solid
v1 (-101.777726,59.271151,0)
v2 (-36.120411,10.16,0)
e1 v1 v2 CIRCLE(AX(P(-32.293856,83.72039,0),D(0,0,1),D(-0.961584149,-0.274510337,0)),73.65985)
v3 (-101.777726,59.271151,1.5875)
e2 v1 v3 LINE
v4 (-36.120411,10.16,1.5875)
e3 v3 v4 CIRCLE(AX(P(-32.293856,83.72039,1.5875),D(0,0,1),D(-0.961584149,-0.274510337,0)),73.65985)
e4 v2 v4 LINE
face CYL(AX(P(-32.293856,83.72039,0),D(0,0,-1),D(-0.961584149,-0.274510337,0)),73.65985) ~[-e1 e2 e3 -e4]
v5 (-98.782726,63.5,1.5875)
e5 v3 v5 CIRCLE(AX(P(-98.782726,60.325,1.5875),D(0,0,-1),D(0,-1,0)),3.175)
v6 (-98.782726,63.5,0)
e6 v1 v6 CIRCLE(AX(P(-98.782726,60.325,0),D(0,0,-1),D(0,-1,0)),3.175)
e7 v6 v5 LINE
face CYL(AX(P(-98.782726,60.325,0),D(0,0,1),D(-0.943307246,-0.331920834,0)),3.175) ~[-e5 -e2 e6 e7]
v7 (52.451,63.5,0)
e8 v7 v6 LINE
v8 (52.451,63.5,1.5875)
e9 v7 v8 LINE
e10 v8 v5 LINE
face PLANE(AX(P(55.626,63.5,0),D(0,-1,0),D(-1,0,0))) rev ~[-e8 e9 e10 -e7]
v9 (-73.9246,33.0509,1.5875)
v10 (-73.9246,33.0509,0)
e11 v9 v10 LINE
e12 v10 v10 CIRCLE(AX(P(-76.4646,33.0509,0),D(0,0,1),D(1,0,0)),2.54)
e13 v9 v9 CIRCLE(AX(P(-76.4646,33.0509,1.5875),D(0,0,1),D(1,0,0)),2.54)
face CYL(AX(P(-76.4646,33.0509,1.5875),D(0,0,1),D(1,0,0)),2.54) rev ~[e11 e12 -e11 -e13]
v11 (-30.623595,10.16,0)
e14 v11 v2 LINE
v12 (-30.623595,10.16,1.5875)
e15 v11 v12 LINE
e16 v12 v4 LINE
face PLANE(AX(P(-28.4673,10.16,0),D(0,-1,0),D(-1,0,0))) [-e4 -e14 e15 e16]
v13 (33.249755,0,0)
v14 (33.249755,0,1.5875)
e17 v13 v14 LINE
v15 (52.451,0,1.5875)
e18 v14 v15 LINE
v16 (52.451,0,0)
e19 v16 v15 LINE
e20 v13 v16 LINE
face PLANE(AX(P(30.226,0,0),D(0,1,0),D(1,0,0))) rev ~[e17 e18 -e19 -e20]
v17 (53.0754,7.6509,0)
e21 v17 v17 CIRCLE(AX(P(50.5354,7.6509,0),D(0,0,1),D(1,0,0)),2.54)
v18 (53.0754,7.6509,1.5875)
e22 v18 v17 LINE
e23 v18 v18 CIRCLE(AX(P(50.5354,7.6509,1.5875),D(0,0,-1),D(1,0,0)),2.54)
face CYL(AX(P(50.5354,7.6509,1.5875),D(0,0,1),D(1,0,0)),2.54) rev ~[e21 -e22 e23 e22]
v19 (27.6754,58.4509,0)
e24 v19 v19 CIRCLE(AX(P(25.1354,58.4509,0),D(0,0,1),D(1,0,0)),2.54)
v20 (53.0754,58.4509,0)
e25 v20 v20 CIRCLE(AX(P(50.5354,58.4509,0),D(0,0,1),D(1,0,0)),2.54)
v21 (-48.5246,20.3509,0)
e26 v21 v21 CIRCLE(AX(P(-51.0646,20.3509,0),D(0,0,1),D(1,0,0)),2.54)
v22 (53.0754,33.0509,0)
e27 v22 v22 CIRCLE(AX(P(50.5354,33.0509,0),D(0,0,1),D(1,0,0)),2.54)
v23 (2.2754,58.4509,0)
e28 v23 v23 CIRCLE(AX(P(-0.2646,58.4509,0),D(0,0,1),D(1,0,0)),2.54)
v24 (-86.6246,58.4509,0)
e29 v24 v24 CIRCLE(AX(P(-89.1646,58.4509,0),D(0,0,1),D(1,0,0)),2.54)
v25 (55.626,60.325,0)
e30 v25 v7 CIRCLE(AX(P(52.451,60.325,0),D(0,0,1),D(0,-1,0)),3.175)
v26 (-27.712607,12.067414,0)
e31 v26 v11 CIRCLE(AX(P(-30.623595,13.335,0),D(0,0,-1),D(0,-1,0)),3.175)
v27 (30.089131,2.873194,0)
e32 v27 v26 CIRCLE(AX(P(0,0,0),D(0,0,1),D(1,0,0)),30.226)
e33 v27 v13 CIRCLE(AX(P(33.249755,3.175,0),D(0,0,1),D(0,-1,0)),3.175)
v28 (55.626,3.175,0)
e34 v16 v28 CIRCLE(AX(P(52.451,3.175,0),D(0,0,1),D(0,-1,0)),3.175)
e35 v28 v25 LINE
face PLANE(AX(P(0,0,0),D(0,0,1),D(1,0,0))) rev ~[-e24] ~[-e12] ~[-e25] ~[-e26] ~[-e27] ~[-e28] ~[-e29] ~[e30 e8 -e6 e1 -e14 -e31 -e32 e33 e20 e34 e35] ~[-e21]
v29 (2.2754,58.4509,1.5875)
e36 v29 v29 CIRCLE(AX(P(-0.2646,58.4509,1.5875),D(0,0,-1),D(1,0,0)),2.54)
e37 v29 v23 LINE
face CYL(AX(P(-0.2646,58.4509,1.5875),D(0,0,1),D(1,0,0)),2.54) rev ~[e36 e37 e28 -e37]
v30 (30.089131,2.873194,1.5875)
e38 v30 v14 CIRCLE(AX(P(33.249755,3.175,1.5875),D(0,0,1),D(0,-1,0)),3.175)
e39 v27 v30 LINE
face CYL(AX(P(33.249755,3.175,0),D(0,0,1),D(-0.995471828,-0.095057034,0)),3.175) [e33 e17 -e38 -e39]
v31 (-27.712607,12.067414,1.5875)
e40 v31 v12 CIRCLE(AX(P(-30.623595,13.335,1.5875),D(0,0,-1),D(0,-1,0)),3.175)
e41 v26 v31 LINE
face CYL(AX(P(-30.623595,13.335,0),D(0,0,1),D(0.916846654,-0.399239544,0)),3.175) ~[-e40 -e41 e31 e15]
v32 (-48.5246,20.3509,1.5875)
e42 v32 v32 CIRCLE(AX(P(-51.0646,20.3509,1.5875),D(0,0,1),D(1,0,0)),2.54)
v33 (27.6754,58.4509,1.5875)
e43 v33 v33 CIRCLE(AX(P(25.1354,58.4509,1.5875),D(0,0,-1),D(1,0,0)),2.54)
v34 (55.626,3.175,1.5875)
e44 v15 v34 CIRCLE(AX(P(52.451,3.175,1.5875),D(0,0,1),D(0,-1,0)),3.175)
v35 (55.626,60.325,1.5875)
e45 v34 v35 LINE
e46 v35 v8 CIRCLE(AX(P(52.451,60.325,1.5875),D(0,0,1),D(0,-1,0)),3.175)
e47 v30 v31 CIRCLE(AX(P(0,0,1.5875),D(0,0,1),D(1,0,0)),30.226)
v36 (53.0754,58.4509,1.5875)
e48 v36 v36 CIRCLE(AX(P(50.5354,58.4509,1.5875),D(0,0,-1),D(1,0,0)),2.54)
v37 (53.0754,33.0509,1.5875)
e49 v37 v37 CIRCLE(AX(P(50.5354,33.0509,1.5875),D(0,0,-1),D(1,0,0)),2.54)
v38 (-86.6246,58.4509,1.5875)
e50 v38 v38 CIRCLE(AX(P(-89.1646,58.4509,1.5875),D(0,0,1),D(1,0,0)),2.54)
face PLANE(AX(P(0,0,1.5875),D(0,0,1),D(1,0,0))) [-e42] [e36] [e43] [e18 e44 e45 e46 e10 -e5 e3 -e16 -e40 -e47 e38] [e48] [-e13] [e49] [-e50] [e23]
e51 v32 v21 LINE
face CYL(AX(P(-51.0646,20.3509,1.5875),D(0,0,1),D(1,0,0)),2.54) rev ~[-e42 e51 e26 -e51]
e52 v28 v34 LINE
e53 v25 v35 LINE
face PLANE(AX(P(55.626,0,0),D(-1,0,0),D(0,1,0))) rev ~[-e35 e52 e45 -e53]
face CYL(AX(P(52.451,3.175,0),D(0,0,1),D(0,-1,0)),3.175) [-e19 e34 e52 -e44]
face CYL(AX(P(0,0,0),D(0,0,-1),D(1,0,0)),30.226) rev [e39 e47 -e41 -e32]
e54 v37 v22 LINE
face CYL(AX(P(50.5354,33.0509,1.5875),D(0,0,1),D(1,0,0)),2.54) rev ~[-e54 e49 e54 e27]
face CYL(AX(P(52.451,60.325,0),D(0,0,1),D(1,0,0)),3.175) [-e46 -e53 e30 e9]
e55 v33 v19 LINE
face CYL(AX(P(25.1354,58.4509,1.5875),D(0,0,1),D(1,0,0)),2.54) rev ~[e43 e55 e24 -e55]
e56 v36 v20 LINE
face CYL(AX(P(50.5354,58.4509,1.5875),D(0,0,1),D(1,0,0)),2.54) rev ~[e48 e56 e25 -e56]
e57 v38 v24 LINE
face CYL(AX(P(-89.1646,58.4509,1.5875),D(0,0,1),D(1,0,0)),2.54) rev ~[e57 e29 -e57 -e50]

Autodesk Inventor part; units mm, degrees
ref_plane "YZ Plane" through (0, 0, 0) normal (1, 0, 0) x (0, 1, 0)
ref_plane "XZ Plane" through (0, 0, 0) normal (0, 1, 0) x (-1, 0, 0)
ref_plane "XY Plane" through (0, 0, 0) normal (0, 0, 1) x (1, 0, 0)
sketch "Sketch1" plane through (0, 0, 0) normal (0, 0, 1) x (1, 0, 0)
  circle A0 centre (0, 0) radius 30.226
  line L0 (30.226, 0) -> (55.626, 0)
  line L1 (55.626, 0) -> (55.626, 63.5)
  line L2 (55.626, 63.5) -> (-103.124, 63.5)
  line L3 (-28.4673, 10.16) -> (-103.124, 10.16)
  line L4 (-103.124, 10.16) -> (-103.124, 63.5)
  arc A1 (-103.124, 63.5) -> (-28.4673, 10.16) centre (-32.2937, 83.7205) ccw
  point P0 (-36.1202, 10.16)
  dimension "d0" = 60.452
  dimension "d1" = 25.4
  dimension "d2" = 63.5
  dimension "d3" = 158.75
  dimension "d4" = 53.34
  dimension "d7" = 73.66
extrude "Extrusion1" add sketch "Sketch1" along normal blind 1.5875 contours A0 L3 A1 L2 L1 L0
sketch "Sketch2" plane through (0, 0, 1.5875) normal (0, 0, 1) x (1, 0, 0)
  line L0 (50.5354, 58.4509) -> (55.6154, 58.4509)
  line L1 (50.5354, 58.4509) -> (50.5354, 63.5309)
  circle A0 centre (50.5354, 58.4509) radius 2.54
  line L2 (50.5354, 58.4509) -> (50.5354, 33.0509)
  circle A1 centre (50.5354, 33.0509) radius 2.54
  line L3 (50.5354, 33.0509) -> (50.5354, 7.6509)
  circle A2 centre (50.5354, 7.6509) radius 2.54
  line L4 (50.5354, 58.4509) -> (25.1354, 58.4509)
  circle A3 centre (25.1354, 58.4509) radius 2.54
  line L5 (25.1354, 58.4509) -> (-0.2646, 58.4509)
  circle A4 centre (-0.2646, 58.4509) radius 2.54
  line L6 (-0.2646, 58.4509) -> (-89.1646, 58.4509)
  circle A5 centre (-89.1646, 58.4509) radius 2.54
  line L7 (50.5354, 33.0509) -> (-76.4646, 33.0509)
  circle A6 centre (-76.4646, 33.0509) radius 2.54
  line L8 (50.5354, 20.3509) -> (-51.0646, 20.3509)
  circle A7 centre (-51.0646, 20.3509) radius 2.54
  point P0 (0, 0)
  dimension "d16" = 5.08
  dimension "d17" = 25.4
  dimension "d18" = 5.08
  dimension "d19" = 25.4
  dimension "d20" = 5.08
  dimension "d21" = 25.4
  dimension "d22" = 5.08
  dimension "d23" = 25.4
  dimension "d24" = 5.08
  dimension "d25" = 88.9
  dimension "d26" = 5.08
  dimension "d29" = 127
  dimension "d30" = 5.08
  dimension "d31" = 101.6
  dimension "d32" = 5.08
extrude "Extrusion2" cut sketch "Sketch2" against normal blind 25.4
fillet "Fillet1" radius 3.175 4 edges at (-103.124, 63.5, 0.7937) (55.626, 0, 0.7937) (30.226, 0, 0.7937) (55.626, 63.5, 0.7937)
fillet "Fillet2" radius 3.175 1 edges at (-28.4673, 10.16, 0.7937)
properties part number "Horizontal climb"
